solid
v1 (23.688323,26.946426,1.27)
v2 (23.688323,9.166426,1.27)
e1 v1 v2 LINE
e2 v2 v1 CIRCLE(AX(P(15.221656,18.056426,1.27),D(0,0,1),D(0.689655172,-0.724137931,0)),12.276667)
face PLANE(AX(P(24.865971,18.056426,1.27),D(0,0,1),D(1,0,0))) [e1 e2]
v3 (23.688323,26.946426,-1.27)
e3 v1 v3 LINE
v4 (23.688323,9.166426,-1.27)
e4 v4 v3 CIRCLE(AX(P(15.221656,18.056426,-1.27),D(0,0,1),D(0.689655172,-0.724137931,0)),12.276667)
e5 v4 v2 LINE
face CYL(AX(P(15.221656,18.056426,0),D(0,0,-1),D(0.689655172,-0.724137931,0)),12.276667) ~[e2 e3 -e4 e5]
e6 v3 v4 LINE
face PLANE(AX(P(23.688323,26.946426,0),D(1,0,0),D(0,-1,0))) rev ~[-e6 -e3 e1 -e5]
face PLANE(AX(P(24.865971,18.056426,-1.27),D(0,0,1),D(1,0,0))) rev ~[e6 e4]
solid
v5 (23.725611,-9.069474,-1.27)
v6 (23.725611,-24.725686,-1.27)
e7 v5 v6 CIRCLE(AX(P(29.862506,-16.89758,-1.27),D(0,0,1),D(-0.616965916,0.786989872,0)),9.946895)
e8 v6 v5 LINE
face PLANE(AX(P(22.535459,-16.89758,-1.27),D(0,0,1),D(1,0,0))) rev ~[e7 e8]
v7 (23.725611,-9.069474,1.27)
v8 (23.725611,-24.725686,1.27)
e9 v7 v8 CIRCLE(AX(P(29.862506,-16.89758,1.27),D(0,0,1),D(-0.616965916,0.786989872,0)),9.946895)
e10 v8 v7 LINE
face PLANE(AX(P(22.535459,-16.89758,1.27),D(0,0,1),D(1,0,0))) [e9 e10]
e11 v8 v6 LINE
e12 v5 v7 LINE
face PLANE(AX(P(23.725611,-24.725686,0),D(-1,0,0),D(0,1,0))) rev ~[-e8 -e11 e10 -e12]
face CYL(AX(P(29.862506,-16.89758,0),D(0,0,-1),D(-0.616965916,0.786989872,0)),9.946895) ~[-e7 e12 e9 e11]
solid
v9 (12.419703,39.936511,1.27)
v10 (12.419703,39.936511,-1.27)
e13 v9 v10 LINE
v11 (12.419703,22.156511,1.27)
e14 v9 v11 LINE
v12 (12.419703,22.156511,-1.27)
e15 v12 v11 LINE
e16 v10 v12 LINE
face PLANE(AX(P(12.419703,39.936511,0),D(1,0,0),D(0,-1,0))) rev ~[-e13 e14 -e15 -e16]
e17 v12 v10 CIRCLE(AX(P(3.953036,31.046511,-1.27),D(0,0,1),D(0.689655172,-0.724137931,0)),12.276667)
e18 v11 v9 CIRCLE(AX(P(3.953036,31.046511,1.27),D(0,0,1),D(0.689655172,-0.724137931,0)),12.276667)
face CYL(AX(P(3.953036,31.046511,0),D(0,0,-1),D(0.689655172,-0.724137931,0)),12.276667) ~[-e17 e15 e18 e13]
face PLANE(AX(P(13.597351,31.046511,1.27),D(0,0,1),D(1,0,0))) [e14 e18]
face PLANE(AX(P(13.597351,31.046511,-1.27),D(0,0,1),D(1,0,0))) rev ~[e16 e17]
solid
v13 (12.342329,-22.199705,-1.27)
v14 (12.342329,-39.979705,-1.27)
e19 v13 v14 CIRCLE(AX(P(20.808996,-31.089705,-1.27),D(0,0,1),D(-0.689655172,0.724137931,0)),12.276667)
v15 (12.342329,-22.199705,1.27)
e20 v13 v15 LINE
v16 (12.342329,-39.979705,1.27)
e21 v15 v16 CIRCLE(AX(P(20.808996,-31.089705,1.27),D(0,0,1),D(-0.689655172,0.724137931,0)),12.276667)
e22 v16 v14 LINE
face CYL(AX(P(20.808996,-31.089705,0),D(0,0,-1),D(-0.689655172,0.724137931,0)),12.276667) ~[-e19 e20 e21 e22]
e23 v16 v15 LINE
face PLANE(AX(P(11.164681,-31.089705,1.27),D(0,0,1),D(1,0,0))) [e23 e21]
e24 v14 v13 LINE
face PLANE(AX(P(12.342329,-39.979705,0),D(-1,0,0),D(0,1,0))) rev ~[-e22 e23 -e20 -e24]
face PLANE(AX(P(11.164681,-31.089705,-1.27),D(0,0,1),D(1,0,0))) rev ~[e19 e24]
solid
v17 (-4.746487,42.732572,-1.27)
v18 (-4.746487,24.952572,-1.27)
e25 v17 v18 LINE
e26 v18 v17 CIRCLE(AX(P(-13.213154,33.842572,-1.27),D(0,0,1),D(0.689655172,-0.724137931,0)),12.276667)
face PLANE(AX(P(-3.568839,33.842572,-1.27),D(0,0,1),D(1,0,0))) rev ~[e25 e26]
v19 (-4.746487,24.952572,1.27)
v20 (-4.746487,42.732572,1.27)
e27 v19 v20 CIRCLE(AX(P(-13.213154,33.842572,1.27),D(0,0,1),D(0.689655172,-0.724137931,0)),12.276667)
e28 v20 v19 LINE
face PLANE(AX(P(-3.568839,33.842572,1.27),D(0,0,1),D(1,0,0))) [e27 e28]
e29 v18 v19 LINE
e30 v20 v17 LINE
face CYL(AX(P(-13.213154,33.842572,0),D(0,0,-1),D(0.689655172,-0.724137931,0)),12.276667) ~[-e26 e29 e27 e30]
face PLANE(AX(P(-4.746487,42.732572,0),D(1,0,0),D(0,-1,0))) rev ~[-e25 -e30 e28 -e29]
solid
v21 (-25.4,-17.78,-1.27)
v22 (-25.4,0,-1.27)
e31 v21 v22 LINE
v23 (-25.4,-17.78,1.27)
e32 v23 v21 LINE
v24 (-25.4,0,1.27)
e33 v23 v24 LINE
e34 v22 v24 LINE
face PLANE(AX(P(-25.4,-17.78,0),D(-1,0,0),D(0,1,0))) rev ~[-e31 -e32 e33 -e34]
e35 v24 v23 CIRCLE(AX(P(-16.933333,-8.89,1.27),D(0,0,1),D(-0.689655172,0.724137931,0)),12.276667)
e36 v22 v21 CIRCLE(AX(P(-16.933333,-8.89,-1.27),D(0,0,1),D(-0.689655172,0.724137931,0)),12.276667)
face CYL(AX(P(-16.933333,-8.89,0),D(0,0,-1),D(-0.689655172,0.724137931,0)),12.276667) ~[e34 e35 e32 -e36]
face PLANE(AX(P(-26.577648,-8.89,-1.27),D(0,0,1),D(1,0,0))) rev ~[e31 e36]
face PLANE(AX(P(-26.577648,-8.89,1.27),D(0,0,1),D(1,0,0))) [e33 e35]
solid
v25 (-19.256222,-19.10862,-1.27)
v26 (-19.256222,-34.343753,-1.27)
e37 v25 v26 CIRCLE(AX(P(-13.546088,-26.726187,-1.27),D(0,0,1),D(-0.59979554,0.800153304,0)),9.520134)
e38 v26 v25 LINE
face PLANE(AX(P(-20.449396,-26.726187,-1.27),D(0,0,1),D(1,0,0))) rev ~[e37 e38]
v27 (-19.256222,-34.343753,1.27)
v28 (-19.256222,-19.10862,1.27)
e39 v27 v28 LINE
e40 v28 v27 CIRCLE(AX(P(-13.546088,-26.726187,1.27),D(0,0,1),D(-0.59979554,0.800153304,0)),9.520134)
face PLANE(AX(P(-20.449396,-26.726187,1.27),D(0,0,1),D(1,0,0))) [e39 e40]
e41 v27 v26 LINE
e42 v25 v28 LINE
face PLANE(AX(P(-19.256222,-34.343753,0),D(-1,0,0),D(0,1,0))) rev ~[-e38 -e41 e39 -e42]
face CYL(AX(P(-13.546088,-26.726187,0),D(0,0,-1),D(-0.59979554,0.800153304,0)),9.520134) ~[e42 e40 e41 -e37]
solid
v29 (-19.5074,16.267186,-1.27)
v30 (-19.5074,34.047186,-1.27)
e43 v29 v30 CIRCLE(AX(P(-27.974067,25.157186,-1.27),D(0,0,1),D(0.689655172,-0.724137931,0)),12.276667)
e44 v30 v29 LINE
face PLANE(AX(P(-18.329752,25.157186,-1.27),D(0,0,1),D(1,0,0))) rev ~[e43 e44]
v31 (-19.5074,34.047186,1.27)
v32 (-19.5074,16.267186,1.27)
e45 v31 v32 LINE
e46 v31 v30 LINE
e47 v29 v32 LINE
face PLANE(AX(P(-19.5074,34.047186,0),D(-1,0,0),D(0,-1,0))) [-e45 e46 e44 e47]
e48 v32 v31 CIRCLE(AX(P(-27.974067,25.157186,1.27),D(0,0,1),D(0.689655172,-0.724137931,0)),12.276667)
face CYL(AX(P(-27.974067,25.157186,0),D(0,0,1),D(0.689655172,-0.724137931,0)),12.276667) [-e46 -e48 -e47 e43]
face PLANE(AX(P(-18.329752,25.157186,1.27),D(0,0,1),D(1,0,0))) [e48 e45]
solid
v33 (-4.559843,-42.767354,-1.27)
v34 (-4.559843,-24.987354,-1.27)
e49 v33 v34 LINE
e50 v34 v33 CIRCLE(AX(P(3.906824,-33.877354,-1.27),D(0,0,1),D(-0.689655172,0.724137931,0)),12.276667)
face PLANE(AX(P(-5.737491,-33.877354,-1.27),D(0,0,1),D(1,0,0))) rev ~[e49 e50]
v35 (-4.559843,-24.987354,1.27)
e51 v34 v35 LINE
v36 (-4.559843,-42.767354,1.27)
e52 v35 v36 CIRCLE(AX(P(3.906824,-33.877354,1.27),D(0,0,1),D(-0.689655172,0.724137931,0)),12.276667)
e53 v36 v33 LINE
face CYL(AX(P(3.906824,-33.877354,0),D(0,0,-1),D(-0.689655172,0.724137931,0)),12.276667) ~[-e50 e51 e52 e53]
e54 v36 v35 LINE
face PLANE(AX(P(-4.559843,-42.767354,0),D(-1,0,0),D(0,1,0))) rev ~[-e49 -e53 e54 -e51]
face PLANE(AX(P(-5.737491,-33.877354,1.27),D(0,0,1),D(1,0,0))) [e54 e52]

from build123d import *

# Parameters (mm, degrees)
F1_DEPTH = 1.27


with BuildPart() as f1:
    # F0 (on Top) → F1 (new body, symmetric)
    with BuildSketch(Plane.XY):
        with BuildLine():
            Line((-4.746487, 42.732572), (-4.746487, 24.952572))
            ThreePointArc((-4.746487, 24.952572), (-0.936487, 33.842572), (-4.746487, 42.732572))
        make_face()
        with BuildLine():
            Line((12.419703, 39.936511), (12.419703, 22.156511))
            ThreePointArc((12.419703, 22.156511), (16.229703, 31.046511), (12.419703, 39.936511))
        make_face()
        with BuildLine():
            Line((23.688323, 26.946426), (23.688323, 9.166426))
            ThreePointArc((23.688323, 9.166426), (27.498323, 18.056426), (23.688323, 26.946426))
        make_face()
        with BuildLine():
            Line((23.725611, -24.725686), (23.725611, -9.069474))
            ThreePointArc((23.725611, -9.069474), (19.915611, -16.89758), (23.725611, -24.725686))
        make_face()
        with BuildLine():
            Line((12.342329, -39.979705), (12.342329, -22.199705))
            ThreePointArc((12.342329, -22.199705), (8.532329, -31.089705), (12.342329, -39.979705))
        make_face()
        with BuildLine():
            Line((-4.559843, -42.767354), (-4.559843, -24.987354))
            ThreePointArc((-4.559843, -24.987354), (-8.369843, -33.877354), (-4.559843, -42.767354))
        make_face()
        with BuildLine():
            Line((-19.256222, -34.343753), (-19.256222, -19.10862))
            ThreePointArc((-19.256222, -19.10862), (-23.066222, -26.726186), (-19.256222, -34.343753))
        make_face()
        with BuildLine():
            Line((-25.4, -17.78), (-25.4, 0))
            ThreePointArc((-25.4, 0), (-29.21, -8.89), (-25.4, -17.78))
        make_face()
        with BuildLine():
            Line((-19.5074, 34.047186), (-19.5074, 16.267186))
            ThreePointArc((-19.5074, 16.267186), (-15.6974, 25.157186), (-19.5074, 34.047186))
        make_face()
    extrude(amount=F1_DEPTH, both=True)


solid = f1.part
